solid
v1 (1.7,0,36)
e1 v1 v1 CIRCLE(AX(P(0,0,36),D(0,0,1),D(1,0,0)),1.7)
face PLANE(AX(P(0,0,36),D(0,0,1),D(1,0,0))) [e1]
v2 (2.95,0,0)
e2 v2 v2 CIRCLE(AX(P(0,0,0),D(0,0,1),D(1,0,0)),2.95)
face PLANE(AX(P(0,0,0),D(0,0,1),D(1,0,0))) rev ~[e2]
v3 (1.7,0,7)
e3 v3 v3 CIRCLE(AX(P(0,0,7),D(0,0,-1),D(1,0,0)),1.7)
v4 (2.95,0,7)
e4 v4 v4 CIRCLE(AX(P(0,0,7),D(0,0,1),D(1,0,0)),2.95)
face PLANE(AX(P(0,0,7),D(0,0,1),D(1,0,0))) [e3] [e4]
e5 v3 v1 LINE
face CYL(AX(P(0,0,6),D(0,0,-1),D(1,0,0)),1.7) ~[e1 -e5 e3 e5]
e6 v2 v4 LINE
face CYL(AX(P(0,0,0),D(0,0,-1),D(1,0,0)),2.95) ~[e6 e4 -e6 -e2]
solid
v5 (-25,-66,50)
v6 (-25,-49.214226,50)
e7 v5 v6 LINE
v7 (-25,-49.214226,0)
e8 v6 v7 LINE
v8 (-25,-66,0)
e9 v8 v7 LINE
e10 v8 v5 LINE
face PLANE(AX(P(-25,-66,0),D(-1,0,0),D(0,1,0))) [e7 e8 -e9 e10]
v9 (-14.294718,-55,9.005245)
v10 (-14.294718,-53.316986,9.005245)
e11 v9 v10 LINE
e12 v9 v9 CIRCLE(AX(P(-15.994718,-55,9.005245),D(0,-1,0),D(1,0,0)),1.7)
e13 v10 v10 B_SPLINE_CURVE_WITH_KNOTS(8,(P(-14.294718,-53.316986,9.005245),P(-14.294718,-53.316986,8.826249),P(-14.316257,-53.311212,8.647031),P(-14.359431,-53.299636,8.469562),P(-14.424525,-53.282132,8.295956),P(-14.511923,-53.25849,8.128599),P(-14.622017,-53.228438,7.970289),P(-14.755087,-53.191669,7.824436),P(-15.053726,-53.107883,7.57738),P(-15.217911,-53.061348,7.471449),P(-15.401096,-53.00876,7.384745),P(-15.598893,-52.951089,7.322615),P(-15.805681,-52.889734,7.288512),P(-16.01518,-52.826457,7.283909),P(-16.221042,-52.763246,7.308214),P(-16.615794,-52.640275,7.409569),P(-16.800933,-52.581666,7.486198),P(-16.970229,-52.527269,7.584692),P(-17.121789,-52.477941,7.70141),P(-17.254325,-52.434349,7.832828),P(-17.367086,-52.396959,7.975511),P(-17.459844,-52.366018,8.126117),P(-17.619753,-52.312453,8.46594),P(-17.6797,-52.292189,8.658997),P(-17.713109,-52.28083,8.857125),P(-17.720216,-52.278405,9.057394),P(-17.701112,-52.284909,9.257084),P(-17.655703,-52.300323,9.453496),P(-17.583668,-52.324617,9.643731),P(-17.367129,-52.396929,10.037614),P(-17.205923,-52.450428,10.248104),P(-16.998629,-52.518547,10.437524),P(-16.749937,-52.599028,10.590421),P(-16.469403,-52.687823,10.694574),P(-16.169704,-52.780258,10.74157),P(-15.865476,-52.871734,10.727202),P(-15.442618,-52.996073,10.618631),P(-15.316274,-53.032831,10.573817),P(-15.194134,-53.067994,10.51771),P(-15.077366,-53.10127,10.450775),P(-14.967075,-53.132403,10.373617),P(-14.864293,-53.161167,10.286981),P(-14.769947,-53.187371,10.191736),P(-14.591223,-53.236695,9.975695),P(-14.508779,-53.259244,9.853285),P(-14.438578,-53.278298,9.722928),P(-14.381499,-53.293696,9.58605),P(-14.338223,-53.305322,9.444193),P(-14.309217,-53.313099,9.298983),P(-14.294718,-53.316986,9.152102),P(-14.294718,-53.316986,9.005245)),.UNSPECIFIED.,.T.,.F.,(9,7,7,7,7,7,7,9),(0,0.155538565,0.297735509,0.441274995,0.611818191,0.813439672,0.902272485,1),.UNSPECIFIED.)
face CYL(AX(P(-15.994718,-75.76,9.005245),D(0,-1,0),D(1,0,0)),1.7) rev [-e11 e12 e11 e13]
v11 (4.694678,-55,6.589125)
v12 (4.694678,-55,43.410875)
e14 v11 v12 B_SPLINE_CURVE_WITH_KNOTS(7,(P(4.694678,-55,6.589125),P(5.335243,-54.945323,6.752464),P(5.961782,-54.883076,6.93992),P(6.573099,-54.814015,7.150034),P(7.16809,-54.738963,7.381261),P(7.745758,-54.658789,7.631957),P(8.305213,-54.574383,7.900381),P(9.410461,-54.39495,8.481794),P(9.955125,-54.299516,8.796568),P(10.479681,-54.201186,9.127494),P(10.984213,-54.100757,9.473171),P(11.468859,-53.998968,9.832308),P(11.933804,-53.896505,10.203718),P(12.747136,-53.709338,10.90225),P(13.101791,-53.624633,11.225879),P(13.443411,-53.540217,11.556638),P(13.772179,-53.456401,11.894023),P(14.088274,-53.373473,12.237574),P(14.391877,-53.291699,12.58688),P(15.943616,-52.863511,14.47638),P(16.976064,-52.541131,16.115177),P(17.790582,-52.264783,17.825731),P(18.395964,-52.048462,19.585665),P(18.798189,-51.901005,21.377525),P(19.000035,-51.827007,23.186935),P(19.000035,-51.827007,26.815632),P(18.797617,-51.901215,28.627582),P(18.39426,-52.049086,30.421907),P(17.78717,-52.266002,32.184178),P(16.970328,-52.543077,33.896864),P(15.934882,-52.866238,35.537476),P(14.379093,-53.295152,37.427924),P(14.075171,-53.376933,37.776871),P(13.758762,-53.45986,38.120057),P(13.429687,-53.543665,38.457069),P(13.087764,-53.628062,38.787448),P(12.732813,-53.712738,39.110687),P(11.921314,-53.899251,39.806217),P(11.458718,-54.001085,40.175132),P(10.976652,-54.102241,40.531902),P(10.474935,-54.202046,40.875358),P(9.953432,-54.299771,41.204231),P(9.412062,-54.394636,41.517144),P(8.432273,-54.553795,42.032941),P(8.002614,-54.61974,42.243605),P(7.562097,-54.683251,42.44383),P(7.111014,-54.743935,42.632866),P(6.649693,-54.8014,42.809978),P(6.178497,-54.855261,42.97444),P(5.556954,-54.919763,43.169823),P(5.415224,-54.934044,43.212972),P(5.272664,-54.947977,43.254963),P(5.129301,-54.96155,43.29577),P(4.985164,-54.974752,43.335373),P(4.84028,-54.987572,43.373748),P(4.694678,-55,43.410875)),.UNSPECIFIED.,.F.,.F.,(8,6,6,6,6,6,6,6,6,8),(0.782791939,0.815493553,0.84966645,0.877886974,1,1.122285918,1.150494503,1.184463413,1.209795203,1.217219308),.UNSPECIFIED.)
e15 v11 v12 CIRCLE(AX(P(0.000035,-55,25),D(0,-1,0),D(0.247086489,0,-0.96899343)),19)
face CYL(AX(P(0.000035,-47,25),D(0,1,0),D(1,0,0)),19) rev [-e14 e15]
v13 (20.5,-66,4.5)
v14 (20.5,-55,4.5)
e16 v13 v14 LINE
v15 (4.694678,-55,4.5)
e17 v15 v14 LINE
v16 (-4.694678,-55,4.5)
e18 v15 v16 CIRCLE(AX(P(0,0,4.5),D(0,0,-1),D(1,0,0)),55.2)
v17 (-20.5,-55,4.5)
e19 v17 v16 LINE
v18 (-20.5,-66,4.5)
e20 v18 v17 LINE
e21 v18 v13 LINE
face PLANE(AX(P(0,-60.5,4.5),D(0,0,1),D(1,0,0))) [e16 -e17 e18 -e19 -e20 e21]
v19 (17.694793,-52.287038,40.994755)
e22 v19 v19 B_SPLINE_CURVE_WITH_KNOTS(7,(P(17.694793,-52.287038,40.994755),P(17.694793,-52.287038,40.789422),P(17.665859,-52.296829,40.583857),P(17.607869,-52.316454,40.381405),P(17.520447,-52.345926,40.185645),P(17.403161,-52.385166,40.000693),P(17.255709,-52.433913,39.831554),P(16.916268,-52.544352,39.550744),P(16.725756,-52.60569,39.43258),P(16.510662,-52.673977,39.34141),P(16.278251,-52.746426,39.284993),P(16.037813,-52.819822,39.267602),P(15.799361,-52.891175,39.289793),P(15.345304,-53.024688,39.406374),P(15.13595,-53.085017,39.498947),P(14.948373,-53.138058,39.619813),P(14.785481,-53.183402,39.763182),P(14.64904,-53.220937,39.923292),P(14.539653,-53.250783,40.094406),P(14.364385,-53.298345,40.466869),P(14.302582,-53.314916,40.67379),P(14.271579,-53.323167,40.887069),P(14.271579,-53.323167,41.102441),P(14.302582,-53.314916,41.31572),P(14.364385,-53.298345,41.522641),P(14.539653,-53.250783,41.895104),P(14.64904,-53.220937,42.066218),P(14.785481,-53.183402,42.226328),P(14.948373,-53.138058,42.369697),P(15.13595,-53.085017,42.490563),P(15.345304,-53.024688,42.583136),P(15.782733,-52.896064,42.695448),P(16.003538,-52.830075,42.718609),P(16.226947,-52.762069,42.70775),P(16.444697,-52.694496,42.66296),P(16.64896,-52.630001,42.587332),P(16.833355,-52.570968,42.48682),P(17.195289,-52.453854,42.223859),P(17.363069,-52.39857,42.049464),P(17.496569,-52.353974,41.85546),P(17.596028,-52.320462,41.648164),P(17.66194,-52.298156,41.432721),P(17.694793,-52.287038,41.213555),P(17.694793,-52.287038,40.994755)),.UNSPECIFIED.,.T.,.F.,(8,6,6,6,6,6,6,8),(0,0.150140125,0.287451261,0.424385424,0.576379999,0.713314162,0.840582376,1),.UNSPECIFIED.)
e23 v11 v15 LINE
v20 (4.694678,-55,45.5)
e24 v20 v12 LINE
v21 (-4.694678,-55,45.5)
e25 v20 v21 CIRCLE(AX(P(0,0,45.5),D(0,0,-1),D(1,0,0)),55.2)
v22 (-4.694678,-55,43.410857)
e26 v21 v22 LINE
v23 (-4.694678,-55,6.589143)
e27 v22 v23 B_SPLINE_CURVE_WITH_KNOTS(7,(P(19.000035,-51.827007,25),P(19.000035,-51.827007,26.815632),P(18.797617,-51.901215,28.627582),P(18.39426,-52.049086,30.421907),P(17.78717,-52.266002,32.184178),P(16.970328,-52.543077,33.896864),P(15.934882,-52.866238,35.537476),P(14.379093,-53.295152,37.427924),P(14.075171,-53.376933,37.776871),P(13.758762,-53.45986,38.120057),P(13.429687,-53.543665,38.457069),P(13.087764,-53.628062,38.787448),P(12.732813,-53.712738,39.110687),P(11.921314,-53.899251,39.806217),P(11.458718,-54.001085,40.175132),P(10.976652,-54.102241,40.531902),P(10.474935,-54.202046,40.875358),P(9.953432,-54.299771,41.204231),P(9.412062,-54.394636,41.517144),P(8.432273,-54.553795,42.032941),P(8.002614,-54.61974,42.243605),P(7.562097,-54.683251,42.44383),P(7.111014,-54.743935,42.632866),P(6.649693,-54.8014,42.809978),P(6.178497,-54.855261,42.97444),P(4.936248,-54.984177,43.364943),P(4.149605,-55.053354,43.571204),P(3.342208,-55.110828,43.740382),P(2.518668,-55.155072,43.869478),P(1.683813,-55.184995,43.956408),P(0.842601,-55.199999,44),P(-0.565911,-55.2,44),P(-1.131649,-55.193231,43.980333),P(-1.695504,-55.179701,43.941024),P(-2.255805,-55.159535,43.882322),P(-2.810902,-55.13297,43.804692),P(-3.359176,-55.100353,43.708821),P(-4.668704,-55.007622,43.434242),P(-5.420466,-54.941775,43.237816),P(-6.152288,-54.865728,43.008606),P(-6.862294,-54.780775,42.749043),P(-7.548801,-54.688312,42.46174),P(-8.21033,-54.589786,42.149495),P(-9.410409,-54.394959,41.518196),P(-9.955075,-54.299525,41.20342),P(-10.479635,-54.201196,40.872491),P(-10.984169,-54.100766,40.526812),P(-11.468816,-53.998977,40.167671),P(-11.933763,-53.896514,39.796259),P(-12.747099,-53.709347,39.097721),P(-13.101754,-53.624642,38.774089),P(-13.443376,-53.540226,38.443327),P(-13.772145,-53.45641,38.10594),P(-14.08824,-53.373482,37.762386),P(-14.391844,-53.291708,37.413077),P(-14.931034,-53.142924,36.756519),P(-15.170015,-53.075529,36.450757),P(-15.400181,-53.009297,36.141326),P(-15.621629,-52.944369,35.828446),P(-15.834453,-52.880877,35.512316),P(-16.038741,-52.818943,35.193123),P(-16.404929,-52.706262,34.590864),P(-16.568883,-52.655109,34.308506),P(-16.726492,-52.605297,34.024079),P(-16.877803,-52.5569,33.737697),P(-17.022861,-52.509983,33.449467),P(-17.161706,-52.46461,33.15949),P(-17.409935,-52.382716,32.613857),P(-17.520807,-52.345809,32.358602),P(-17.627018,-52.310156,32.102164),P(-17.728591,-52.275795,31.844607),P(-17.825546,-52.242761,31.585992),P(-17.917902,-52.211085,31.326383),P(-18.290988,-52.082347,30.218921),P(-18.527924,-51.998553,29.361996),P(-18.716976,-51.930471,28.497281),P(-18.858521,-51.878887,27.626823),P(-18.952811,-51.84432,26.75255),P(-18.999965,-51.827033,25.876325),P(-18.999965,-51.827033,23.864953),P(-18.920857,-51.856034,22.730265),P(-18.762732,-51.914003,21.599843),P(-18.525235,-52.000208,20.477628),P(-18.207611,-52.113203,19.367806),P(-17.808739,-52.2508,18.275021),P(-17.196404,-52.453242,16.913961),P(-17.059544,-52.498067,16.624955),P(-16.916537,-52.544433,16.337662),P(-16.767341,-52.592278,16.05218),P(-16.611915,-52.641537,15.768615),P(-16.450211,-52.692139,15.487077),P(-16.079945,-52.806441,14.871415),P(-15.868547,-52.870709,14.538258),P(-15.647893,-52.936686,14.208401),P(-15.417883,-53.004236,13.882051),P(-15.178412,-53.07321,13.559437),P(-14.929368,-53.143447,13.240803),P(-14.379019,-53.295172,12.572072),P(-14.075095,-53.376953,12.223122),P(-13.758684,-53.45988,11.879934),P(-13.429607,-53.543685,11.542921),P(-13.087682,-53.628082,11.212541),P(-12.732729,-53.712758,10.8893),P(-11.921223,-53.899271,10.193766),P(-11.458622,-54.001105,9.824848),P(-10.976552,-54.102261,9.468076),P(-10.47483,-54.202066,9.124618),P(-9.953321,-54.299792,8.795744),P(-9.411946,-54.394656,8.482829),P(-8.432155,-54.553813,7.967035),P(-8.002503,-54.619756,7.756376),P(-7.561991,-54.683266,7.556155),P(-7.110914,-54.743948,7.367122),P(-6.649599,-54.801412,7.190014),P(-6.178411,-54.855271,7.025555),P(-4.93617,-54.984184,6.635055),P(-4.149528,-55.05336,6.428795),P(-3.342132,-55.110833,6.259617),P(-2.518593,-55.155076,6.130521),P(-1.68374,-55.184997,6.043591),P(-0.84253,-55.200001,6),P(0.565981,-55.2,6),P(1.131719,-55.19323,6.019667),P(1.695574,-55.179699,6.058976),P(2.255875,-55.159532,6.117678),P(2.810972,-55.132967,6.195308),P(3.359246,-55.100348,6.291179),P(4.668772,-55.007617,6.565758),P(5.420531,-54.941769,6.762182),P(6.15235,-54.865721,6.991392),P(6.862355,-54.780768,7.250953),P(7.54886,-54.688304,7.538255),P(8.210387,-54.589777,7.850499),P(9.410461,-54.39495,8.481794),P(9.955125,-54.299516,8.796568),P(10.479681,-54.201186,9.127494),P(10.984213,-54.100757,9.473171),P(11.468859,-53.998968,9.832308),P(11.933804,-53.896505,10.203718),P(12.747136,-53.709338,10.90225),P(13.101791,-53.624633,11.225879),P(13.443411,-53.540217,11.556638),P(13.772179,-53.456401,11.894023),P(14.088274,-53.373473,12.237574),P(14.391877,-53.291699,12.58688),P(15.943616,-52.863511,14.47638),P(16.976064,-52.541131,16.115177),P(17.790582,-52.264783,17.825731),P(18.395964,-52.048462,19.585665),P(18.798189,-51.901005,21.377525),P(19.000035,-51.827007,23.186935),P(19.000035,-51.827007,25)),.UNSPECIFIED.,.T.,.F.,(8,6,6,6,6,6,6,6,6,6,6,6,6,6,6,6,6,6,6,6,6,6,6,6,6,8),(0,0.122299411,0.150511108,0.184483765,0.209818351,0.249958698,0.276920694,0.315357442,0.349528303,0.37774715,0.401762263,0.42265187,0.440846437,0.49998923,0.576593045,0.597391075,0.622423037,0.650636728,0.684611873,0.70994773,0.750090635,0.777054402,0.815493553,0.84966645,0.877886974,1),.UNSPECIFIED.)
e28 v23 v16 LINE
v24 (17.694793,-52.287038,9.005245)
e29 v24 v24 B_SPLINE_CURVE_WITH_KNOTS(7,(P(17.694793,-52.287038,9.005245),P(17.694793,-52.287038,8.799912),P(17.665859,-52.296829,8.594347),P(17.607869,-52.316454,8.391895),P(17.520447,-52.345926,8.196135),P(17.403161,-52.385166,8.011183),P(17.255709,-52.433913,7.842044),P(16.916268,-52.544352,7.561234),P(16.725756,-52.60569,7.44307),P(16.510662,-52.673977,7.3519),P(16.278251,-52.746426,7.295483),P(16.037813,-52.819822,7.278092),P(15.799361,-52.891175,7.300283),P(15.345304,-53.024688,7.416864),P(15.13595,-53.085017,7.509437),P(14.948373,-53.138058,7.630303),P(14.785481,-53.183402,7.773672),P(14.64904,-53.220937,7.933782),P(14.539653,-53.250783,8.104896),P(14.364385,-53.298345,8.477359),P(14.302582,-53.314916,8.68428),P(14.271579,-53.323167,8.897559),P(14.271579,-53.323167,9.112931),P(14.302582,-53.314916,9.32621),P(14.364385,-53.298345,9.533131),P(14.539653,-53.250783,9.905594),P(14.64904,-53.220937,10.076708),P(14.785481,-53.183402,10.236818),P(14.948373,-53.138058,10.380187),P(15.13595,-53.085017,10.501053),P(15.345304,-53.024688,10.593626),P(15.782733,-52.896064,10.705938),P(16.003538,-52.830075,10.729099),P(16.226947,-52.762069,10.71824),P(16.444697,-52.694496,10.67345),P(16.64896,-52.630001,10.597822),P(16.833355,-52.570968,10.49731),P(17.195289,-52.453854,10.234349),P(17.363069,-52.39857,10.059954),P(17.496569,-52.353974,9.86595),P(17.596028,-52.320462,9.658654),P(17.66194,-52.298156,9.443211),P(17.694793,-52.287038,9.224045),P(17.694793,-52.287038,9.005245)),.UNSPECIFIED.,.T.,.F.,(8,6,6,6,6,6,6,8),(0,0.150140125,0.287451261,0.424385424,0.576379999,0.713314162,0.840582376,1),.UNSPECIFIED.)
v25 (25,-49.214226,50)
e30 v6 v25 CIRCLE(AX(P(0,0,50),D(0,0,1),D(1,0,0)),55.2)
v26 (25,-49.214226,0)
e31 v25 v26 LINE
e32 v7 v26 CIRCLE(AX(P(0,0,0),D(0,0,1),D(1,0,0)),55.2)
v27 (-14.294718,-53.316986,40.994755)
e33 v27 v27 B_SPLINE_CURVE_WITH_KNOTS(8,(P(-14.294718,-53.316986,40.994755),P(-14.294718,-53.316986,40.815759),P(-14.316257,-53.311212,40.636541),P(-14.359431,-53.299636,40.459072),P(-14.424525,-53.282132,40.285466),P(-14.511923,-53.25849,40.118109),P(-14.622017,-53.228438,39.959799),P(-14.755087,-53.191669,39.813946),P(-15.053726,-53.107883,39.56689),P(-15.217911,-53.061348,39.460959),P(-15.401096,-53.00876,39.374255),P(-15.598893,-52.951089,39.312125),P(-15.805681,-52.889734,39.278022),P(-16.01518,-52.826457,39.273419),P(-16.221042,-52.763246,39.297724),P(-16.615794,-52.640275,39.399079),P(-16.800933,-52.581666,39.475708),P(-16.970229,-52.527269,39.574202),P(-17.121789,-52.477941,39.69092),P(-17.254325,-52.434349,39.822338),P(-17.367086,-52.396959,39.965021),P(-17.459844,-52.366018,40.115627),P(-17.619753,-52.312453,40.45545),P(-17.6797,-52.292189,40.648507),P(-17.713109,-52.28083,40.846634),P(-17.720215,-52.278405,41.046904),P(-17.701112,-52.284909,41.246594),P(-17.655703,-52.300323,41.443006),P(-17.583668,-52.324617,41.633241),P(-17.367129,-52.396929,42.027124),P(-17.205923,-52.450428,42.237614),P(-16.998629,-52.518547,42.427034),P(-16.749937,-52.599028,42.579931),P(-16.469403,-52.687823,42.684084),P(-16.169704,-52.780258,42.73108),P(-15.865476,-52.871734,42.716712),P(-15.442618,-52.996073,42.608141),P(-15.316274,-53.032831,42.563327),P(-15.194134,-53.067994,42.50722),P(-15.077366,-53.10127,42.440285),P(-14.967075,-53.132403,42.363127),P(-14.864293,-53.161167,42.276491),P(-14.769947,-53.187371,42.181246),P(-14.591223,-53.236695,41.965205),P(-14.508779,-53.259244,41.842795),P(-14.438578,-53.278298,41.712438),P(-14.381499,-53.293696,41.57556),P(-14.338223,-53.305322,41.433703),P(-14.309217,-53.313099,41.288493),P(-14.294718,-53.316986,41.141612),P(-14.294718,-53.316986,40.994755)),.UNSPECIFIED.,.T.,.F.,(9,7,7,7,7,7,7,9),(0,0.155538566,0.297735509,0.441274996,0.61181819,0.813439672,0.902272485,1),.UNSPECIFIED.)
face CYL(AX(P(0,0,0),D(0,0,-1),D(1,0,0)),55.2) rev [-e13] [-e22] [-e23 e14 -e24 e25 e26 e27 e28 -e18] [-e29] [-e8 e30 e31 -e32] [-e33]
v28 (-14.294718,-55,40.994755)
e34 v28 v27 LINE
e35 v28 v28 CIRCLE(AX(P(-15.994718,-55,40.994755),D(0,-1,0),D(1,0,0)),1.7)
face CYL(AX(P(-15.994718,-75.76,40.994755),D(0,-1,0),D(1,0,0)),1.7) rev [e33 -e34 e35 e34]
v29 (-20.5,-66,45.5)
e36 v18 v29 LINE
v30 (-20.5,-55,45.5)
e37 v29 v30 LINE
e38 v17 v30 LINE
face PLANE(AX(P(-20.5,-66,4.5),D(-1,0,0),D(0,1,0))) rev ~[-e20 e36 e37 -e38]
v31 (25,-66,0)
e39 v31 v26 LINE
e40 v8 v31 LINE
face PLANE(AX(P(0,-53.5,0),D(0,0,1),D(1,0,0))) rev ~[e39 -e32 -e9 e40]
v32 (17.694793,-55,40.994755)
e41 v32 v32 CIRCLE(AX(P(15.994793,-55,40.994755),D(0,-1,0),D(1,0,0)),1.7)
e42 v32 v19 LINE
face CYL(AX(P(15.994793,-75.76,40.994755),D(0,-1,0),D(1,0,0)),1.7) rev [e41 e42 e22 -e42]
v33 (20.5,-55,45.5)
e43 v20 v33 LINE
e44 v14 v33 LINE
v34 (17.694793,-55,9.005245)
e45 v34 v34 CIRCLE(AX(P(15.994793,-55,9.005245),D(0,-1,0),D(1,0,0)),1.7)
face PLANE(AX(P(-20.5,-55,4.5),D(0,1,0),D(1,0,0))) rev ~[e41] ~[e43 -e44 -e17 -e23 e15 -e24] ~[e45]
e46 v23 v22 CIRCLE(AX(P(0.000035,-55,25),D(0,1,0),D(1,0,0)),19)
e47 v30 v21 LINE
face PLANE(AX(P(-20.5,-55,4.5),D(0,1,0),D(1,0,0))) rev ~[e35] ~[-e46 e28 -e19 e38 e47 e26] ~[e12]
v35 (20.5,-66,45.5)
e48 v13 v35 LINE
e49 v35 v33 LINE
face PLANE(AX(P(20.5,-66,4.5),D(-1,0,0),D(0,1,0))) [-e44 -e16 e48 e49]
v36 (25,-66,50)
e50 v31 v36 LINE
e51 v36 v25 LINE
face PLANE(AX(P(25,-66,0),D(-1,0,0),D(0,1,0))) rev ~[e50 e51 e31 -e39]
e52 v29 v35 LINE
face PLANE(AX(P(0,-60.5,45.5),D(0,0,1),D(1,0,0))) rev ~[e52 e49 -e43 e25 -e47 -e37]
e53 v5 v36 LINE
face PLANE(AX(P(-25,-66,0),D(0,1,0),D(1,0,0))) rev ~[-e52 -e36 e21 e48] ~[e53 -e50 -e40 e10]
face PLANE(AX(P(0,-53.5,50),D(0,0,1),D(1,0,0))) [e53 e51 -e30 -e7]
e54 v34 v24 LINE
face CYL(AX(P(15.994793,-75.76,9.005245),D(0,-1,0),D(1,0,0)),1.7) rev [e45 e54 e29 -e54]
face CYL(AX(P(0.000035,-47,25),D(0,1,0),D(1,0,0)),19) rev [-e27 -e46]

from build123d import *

# Parameters (mm, degrees)
CYLINDER_R              = 2.95
CYLINDER_DEPTH          = 7
CYLINDER001_R           = 1.7
CYLINDER001_DEPTH       = 30
CLONE003_ROLL_ANGLE     = -90
CLONE001_ROLL_ANGLE     = -90
CLONE002_ROLL_ANGLE     = -90
CLONE_ROLL_ANGLE        = -90
BOX272_W                = 41
BOX272_H                = 11
BOX272_DEPTH            = 41
CYLINDER1064_R          = 19
CYLINDER1064_DEPTH      = 20
CYLINDER1064_ROLL_ANGLE = 90
CYLINDER1063_R          = 55.2
CYLINDER1063_DEPTH      = 50
BOX_W                   = 50
BOX_H                   = 25
BOX_DEPTH               = 50


with BuildPart() as m3bolthead:
    # Cylinder → Cylinder (new body)
    with BuildSketch(Plane.XY):
        Circle(CYLINDER_R)
    extrude(amount=CYLINDER_DEPTH)


with BuildPart() as m3bolt:
    # Cylinder001 → Cylinder001 (new body)
    with BuildSketch(Plane.XY.offset(6)):
        Circle(CYLINDER001_R)
    extrude(amount=CYLINDER001_DEPTH)

    # Fusion: union M3BoltHead
    add(m3bolthead.part)


with BuildPart() as clone_of_m3bolt003:
    # Clone003 base: copy of M3Bolt
    add(m3bolt.part)


with BuildPart() as clone_of_m3bolt003_1:
    # Clone003 roll: moved
    add(clone_of_m3bolt003.part.rotate(Axis((0, 0, 0), (1, 0, 0)), CLONE003_ROLL_ANGLE))


with BuildPart() as clone_of_m3bolt003_2:
    # Clone003 placement: moved
    add(clone_of_m3bolt003_1.part.moved(Location((-15.994718, -81.76, 40.994755))))


with BuildPart() as clone_of_m3bolt001:
    # Clone001 base: copy of M3Bolt
    add(m3bolt.part)


with BuildPart() as clone_of_m3bolt001_1:
    # Clone001 roll: moved
    add(clone_of_m3bolt001.part.rotate(Axis((0, 0, 0), (1, 0, 0)), CLONE001_ROLL_ANGLE))


with BuildPart() as clone_of_m3bolt001_2:
    # Clone001 placement: moved
    add(clone_of_m3bolt001_1.part.moved(Location((-15.994718, -81.76, 9.005245))))


with BuildPart() as clone_of_m3bolt002:
    # Clone002 base: copy of M3Bolt
    add(m3bolt.part)


with BuildPart() as clone_of_m3bolt002_1:
    # Clone002 roll: moved
    add(clone_of_m3bolt002.part.rotate(Axis((0, 0, 0), (1, 0, 0)), CLONE002_ROLL_ANGLE))


with BuildPart() as clone_of_m3bolt002_2:
    # Clone002 placement: moved
    add(clone_of_m3bolt002_1.part.moved(Location((15.994793, -81.76, 40.994755))))


with BuildPart() as fusion001:
    # Clone base: copy of M3Bolt
    add(m3bolt.part)


with BuildPart() as fusion001_1:
    # Clone roll: moved
    add(fusion001.part.rotate(Axis((0, 0, 0), (1, 0, 0)), CLONE_ROLL_ANGLE))


with BuildPart() as fusion001_2:
    # Clone placement: moved
    add(fusion001_1.part.moved(Location((15.994793, -81.76, 9.005245))))

    # Fusion001: union Clone of M3Bolt003, Clone of M3Bolt001, Clone of M3Bolt002
    add(clone_of_m3bolt003_2.part)
    add(clone_of_m3bolt001_2.part)
    add(clone_of_m3bolt002_2.part)


with BuildPart() as cube034:
    # Box272 → Box272 (new body)
    with BuildSketch(Plane(origin=(-20.5, -66, 4.5), x_dir=(1, 0, 0), z_dir=(0, 0, 1))):
        with Locations((20.5, 5.5)):
            Rectangle(BOX272_W, BOX272_H)
    extrude(amount=BOX272_DEPTH)


with BuildPart() as cylinder022:
    # Cylinder1064 → Cylinder1064 (new body)
    with BuildSketch(Plane.XY):
        Circle(CYLINDER1064_R)
    extrude(amount=CYLINDER1064_DEPTH)


with BuildPart() as cylinder022_1:
    # Cylinder1064 roll: moved
    add(cylinder022.part.rotate(Axis((0, 0, 0), (1, 0, 0)), CYLINDER1064_ROLL_ANGLE))


with BuildPart() as cylinder022_2:
    # Cylinder1064 placement: moved
    add(cylinder022_1.part.moved(Location((3.5e-05, -47, 25))))


with BuildPart() as cylinder:
    # Cylinder1063 → Cylinder1063 (new body)
    with BuildSketch(Plane.XY):
        Circle(CYLINDER1063_R)
    extrude(amount=CYLINDER1063_DEPTH)


with BuildPart() as art4bodyfan:
    # Box → Box (new body)
    with BuildSketch(Plane(origin=(-25, -66, 0), x_dir=(1, 0, 0), z_dir=(0, 0, 1))):
        with Locations((25, 12.5)):
            Rectangle(BOX_W, BOX_H)
    extrude(amount=BOX_DEPTH)

    # Cut: cut Cylinder
    add(cylinder.part, mode=Mode.SUBTRACT)

    # Cut149: cut Cylinder022
    add(cylinder022_2.part, mode=Mode.SUBTRACT)

    # Cut150: cut Cube034
    add(cube034.part, mode=Mode.SUBTRACT)

    # Cut151: cut Fusion001
    add(fusion001_2.part, mode=Mode.SUBTRACT)


solid = Compound([m3bolt.part, art4bodyfan.part])
